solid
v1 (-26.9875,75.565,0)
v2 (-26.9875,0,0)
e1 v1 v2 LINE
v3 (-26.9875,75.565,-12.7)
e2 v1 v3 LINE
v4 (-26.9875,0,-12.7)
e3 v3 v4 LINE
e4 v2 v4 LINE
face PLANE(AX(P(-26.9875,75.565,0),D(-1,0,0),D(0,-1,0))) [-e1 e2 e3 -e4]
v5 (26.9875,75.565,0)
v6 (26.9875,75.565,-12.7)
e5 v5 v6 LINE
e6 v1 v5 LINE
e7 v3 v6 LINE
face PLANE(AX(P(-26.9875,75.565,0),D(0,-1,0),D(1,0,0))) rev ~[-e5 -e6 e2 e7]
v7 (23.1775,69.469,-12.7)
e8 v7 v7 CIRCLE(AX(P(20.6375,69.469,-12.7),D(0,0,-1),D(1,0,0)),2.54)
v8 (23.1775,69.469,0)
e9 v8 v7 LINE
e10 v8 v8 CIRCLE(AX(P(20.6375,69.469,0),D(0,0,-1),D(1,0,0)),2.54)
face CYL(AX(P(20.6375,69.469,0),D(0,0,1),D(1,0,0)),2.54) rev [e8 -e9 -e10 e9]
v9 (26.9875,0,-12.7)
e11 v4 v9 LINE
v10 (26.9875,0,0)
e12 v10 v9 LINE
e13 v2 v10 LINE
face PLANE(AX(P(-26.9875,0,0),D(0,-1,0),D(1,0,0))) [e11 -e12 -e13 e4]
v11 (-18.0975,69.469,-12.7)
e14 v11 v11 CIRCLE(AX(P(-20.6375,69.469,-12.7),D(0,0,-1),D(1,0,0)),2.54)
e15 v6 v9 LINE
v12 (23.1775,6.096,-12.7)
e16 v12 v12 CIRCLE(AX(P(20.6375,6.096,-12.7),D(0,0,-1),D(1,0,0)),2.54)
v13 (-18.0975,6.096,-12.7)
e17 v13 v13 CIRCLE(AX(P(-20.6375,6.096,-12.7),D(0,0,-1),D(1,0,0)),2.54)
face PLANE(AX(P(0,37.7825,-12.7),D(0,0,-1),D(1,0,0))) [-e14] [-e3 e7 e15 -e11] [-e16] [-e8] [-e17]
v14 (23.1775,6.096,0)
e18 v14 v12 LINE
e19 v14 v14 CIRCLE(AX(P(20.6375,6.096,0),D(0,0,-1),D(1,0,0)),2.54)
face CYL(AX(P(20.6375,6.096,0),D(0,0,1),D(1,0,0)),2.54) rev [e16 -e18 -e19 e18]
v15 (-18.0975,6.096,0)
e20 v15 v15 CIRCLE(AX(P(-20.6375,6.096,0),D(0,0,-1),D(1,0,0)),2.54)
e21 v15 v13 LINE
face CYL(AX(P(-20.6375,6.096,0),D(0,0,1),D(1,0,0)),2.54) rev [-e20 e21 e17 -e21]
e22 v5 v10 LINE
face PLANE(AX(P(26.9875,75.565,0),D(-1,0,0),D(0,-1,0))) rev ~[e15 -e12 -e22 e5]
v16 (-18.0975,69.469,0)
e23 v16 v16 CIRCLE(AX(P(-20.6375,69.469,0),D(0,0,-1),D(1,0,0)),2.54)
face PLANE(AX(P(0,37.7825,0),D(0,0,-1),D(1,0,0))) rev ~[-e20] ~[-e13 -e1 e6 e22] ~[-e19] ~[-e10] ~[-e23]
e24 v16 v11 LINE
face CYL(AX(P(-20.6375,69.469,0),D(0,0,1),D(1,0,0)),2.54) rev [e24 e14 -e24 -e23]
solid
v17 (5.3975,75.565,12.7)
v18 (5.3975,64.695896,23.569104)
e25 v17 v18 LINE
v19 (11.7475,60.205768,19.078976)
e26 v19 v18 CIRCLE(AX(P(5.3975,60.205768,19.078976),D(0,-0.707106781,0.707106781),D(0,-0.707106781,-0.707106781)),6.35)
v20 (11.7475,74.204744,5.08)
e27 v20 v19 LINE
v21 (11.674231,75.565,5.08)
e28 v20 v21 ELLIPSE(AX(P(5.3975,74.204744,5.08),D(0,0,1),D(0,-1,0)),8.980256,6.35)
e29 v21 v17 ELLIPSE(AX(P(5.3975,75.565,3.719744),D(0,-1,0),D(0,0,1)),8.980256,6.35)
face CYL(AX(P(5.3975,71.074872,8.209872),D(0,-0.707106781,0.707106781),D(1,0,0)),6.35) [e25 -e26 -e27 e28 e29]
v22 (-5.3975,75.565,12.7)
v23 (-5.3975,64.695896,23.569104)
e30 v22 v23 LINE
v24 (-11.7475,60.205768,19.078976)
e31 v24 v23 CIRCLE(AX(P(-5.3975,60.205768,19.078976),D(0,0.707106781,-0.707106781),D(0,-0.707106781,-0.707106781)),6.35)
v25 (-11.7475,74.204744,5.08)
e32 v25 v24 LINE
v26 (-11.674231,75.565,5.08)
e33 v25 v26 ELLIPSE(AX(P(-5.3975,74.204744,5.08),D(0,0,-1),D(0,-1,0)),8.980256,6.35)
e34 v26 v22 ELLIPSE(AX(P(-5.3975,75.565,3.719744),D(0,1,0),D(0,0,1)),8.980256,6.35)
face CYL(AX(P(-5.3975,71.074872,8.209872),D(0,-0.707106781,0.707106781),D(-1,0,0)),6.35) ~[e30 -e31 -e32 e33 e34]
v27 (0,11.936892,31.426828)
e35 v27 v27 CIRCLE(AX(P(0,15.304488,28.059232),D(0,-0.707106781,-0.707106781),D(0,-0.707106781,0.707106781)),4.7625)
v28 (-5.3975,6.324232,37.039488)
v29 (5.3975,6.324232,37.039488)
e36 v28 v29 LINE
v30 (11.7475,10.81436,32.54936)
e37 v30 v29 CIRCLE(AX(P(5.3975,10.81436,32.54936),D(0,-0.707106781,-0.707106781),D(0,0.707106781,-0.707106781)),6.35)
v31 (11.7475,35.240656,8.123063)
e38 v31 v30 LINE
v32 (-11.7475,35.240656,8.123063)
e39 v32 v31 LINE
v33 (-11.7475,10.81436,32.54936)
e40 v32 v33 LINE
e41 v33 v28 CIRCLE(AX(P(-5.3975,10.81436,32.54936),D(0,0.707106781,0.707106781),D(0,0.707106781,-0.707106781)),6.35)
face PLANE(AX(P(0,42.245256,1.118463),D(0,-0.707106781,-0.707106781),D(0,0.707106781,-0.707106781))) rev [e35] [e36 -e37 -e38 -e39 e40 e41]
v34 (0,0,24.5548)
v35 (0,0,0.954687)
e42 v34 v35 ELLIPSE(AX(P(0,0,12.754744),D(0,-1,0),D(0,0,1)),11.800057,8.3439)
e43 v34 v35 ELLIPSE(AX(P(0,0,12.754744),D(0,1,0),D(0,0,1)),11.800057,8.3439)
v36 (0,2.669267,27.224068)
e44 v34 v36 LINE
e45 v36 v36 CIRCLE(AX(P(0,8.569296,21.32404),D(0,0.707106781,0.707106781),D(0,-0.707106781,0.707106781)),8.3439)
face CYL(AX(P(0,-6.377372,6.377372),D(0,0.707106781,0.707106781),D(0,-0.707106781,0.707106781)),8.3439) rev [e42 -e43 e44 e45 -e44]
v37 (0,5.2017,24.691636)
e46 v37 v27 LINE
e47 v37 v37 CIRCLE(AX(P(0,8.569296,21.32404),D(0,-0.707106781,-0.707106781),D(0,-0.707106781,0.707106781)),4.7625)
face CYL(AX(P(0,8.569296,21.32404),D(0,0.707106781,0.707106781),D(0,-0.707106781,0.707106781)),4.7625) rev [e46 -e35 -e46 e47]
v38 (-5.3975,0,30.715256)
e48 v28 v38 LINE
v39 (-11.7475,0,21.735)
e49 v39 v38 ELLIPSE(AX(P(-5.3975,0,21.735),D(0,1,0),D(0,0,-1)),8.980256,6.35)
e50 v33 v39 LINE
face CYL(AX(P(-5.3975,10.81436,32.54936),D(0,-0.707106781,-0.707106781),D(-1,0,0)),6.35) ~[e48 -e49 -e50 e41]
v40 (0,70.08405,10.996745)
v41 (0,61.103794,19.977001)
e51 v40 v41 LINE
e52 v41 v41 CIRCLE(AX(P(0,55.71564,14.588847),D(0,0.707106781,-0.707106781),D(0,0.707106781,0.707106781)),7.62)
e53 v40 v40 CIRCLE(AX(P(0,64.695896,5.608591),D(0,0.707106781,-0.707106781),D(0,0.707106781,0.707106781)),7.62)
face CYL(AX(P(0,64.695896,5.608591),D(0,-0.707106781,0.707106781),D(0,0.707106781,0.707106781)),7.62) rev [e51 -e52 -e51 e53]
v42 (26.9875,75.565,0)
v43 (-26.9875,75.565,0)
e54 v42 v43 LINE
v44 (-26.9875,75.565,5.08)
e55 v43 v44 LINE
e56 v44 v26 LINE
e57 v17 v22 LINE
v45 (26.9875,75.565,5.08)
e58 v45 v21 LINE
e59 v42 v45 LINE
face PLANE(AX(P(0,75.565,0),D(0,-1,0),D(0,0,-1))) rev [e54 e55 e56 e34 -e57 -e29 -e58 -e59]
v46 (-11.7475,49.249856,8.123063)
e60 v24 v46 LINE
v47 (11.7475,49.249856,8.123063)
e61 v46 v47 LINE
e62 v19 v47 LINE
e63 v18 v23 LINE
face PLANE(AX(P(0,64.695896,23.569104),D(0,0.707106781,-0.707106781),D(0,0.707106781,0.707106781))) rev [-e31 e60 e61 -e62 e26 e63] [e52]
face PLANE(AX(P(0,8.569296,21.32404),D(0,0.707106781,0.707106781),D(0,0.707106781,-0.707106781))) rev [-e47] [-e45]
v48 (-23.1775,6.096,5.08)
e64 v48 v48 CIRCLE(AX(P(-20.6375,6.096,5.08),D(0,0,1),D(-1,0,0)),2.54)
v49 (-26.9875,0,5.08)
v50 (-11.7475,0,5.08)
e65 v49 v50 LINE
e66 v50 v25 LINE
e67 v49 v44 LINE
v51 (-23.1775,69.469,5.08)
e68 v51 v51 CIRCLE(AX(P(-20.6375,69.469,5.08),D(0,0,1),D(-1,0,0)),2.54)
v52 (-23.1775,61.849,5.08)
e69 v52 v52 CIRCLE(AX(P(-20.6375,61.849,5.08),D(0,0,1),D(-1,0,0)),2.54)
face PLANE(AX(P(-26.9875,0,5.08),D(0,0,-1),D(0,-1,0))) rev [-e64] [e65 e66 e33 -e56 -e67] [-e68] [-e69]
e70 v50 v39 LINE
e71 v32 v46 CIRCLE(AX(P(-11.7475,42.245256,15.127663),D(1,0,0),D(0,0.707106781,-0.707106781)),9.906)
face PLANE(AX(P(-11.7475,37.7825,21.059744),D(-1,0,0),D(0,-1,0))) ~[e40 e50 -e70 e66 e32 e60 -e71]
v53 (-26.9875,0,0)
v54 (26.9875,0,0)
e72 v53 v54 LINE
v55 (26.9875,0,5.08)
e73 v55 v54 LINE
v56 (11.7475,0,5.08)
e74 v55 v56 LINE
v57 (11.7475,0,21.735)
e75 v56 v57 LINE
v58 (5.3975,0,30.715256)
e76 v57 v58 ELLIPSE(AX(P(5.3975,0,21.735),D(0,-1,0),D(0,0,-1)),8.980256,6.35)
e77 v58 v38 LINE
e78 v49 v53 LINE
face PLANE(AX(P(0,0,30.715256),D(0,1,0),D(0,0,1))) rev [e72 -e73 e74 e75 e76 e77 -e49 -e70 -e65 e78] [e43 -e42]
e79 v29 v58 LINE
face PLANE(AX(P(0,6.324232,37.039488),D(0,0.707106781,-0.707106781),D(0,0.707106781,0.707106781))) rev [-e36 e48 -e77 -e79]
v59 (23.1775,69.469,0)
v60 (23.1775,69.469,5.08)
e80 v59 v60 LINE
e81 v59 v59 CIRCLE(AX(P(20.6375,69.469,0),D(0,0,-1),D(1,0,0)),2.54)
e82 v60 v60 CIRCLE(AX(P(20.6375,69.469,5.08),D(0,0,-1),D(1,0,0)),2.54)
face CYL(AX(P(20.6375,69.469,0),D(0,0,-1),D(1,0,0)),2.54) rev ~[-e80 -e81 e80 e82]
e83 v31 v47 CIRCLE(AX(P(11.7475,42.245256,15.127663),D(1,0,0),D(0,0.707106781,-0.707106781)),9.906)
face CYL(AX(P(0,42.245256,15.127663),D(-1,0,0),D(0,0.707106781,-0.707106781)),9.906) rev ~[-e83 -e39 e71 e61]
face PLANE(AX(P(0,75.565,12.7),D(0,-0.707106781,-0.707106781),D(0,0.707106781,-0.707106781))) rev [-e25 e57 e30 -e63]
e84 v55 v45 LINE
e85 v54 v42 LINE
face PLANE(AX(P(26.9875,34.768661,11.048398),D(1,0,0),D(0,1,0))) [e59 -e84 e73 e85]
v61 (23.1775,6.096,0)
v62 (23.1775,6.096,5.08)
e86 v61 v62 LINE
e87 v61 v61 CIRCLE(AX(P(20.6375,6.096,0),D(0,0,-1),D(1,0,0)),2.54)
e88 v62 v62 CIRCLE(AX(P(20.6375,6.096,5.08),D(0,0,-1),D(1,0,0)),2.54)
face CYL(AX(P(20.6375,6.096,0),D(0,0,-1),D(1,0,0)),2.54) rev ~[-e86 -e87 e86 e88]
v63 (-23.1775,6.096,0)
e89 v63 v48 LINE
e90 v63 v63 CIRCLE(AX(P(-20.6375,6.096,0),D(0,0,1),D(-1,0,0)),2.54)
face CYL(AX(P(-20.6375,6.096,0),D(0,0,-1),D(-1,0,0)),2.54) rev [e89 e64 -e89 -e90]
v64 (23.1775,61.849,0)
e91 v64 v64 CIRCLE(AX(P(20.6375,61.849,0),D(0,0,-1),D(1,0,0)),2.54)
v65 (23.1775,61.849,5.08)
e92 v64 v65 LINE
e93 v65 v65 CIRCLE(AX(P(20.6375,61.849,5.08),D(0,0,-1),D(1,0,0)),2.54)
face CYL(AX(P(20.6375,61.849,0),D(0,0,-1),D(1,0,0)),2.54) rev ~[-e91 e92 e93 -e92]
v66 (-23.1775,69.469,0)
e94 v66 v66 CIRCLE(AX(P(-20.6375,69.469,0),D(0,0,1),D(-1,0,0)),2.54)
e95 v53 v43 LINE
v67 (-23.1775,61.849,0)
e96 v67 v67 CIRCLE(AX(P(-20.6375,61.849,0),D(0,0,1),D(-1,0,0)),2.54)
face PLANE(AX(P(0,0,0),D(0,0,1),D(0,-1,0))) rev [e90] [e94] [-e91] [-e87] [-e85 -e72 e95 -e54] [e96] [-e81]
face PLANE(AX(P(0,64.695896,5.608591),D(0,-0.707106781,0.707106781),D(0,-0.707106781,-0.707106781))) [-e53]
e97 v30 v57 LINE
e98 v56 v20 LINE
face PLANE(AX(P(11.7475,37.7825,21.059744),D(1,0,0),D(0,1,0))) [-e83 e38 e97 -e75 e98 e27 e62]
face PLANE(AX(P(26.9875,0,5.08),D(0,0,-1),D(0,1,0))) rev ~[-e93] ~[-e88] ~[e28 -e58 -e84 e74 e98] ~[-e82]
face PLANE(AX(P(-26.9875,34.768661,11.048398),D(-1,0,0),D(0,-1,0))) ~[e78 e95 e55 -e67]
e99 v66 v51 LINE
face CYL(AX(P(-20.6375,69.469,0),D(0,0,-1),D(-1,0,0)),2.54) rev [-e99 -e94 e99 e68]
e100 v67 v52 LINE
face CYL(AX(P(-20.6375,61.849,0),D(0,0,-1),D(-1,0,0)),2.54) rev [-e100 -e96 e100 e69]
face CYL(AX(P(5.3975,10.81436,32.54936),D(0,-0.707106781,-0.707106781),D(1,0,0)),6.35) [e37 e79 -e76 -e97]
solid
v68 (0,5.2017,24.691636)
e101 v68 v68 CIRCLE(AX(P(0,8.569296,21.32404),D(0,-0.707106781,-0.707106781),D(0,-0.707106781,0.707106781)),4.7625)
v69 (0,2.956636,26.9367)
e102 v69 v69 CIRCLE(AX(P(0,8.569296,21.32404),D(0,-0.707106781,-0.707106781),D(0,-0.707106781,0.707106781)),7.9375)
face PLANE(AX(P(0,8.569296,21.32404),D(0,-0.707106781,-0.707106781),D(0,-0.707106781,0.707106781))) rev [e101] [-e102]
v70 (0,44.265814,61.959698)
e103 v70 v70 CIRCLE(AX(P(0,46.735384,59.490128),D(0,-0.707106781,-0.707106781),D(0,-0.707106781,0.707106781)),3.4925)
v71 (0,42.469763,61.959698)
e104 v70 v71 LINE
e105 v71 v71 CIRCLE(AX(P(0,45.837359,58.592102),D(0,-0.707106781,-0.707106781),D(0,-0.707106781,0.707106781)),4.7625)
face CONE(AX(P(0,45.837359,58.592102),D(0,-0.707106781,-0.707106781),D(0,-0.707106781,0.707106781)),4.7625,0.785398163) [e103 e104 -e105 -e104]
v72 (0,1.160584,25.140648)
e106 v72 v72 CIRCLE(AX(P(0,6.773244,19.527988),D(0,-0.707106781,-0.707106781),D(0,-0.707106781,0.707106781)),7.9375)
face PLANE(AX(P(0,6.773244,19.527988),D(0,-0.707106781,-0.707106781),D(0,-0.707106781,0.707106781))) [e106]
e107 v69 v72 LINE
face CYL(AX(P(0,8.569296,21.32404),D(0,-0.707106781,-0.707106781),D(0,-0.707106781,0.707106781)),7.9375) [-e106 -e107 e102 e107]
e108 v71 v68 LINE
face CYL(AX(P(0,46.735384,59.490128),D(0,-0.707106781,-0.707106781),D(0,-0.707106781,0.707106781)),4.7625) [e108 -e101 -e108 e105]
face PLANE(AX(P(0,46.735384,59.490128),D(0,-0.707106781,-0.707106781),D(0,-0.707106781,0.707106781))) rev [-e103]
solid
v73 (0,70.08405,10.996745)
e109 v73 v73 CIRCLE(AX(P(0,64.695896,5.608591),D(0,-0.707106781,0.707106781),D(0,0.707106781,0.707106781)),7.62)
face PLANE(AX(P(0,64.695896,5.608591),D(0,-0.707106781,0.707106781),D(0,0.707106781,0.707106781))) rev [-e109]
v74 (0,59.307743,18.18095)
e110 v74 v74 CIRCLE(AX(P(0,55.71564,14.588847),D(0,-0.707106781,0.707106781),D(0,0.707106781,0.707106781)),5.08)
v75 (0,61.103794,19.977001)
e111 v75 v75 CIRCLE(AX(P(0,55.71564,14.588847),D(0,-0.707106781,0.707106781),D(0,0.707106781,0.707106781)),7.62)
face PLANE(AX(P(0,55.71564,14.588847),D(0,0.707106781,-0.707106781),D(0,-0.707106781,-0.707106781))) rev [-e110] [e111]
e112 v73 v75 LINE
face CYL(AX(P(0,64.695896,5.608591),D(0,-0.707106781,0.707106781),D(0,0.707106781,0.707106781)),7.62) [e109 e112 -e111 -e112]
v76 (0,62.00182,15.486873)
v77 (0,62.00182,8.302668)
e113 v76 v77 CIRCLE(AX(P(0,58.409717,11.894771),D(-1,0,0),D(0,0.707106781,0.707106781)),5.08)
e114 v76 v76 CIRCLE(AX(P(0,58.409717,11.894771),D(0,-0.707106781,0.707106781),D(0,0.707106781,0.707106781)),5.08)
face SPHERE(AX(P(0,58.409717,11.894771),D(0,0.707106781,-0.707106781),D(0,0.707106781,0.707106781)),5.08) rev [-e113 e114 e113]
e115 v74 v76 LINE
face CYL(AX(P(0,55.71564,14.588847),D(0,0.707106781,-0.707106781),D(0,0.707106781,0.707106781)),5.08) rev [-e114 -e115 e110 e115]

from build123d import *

# Parameters (mm, degrees)
F1_DEPTH  = 26.9875
F2_R      = 9.906
F3_W      = 75.565
F3_H      = 31.9594877579
F4_DEPTH  = 15.24
F5_R      = 2.54
F6_DEPTH  = 5.08
F11_R     = 6.35
F17_SIZE  = 1.27
F18_W     = 53.975
F18_H     = 75.565
F18_R     = 2.54
F19_DEPTH = 12.7


with BuildPart() as f1:
    # F0 (on Right) → F1 (new body)
    with BuildSketch(Plane.YZ):
        Polygon((0, 30.7152561211), (0, 0), (75.565, 0), (75.565, 12.7), (64.6958964237, 23.5691035763), (42.2452561211, 1.1184632736), (6.3242316368, 37.0394877579), align=None)
    extrude(amount=F1_DEPTH)

    # F2
    f2_edges = [f1.edges().sort_by_distance(p)[0] for p in [
        (13.49375, 42.245256, 1.118463),
    ]]
    fillet(f2_edges, radius=F2_R)

    # F3 (on face) → F4 (cut)
    with BuildSketch(Plane.YZ.offset(26.9875)):
        with Locations((37.7825, 21.0597438789)):
            Rectangle(F3_W, F3_H)
    extrude(amount=-F4_DEPTH, mode=Mode.SUBTRACT)

    # F5 (on face) → F6 (cut, through all)
    with BuildSketch(Plane(origin=(0, 0, 0), x_dir=(1, 0, 0), z_dir=(0, 0, -1))):
        with Locations((20.6375, -6.096)):
            Circle(F5_R)
        with Locations((20.6375, -61.849)):
            Circle(F5_R)
        with Locations((20.6375, -69.469)):
            Circle(F5_R)
    extrude(amount=-F6_DEPTH, mode=Mode.SUBTRACT)

    # F7 (on face) → F8 (revolve, cut)
    with BuildSketch(Plane(origin=(0, 0, 0), x_dir=(0, -1, 0), z_dir=(-1, 0, 0))):
        Polygon((-5.2016996217, 24.6916355914), (-11.9368917125, 31.4268276822), (-15.3044877579, 28.0592316368), (6.3773719395, 6.3773719395), (12.277400211, 12.277400211), (-2.6692673955, 27.2240678175), align=None)
    revolve(axis=Axis((0, 4.4635579092, 17.2183017881), (0, 0.7071067812, 0.7071067812)), mode=Mode.SUBTRACT)

    # F11
    f11_edges = [f1.edges().sort_by_distance(p)[0] for p in [
        (11.7475, 70.130448, 18.134552),
        (11.7475, 3.162116, 33.877372),
    ]]
    fillet(f11_edges, radius=F11_R)

    # F12 (on Right) → F13 (revolve, cut)
    with BuildSketch(Plane.YZ):
        Polygon((70.0840500964, 10.9967450068), (61.1037939753, 19.9770011278), (55.7156403027, 14.5888474552), (64.6958964237, 5.6085913341), align=None)
    revolve(axis=Axis((0, 60.2057683632, 10.0987193947), (0, -0.7071067812, 0.7071067812)), mode=Mode.SUBTRACT)

    # F16: F1 across plane


with BuildPart() as f10:
    # F9 (on Right) → F10 (revolve)
    with BuildSketch(Plane.YZ):
        Polygon((5.2016996217, 24.6916355914), (2.9566355914, 26.9366996217), (1.1605843672, 25.1406483974), (6.7732444428, 19.5279883218), (46.7353841816, 59.4901280605), (43.3677881362, 62.8577241059), align=None)
    revolve(axis=Axis((0, 26.7543143122, 39.5090581912), (0, -0.7071067812, -0.7071067812)))

    # F17
    f17_edges = [f10.edges().sort_by_distance(p)[0] for p in [
        (0, 50.10298, 56.122532),
    ]]
    chamfer(f17_edges, length=F17_SIZE)


with BuildPart() as f15:
    # F14 (on Right) → F15 (revolve)
    with BuildSketch(Plane.YZ):
        with BuildLine():
            Line((70.0840500964, 10.9967450068), (61.1037939753, 19.9770011278))
            Line((61.1037939753, 19.9770011278), (59.3077427511, 18.1809499036))
            Line((59.3077427511, 18.1809499036), (62.0018195874, 15.4868730673))
            ThreePointArc((62.0018195874, 15.4868730673), (63.489717139, 11.8947706189), (62.0018195874, 8.3026681704))
            Line((62.0018195874, 8.3026681704), (64.6958964237, 5.6085913341))
            Line((64.6958964237, 5.6085913341), (70.0840500964, 10.9967450068))
        make_face()
    revolve(axis=Axis((0, 40.0001920908, 30.3042956671), (0, -0.7071067812, 0.7071067812)))


with BuildPart() as f1_1:
    add(f1.part)
    add(f1.part.mirror(Plane.YZ))


with BuildPart() as f19:
    # F18 (on face) → F19 (new body)
    with BuildSketch(Plane(origin=(0, 0, 0), x_dir=(1, 0, 0), z_dir=(0, 0, -1))):
        with Locations((0, -37.7825)):
            Rectangle(F18_W, F18_H)
        with Locations((-20.6375, -69.469)):
            Circle(F18_R, mode=Mode.SUBTRACT)
        with Locations((20.6375, -69.469)):
            Circle(F18_R, mode=Mode.SUBTRACT)
        with Locations((-20.6375, -6.096)):
            Circle(F18_R, mode=Mode.SUBTRACT)
        with Locations((20.6375, -6.096)):
            Circle(F18_R, mode=Mode.SUBTRACT)
    extrude(amount=F19_DEPTH)


solid = Compound([f10.part, f15.part, f1_1.part, f19.part])
